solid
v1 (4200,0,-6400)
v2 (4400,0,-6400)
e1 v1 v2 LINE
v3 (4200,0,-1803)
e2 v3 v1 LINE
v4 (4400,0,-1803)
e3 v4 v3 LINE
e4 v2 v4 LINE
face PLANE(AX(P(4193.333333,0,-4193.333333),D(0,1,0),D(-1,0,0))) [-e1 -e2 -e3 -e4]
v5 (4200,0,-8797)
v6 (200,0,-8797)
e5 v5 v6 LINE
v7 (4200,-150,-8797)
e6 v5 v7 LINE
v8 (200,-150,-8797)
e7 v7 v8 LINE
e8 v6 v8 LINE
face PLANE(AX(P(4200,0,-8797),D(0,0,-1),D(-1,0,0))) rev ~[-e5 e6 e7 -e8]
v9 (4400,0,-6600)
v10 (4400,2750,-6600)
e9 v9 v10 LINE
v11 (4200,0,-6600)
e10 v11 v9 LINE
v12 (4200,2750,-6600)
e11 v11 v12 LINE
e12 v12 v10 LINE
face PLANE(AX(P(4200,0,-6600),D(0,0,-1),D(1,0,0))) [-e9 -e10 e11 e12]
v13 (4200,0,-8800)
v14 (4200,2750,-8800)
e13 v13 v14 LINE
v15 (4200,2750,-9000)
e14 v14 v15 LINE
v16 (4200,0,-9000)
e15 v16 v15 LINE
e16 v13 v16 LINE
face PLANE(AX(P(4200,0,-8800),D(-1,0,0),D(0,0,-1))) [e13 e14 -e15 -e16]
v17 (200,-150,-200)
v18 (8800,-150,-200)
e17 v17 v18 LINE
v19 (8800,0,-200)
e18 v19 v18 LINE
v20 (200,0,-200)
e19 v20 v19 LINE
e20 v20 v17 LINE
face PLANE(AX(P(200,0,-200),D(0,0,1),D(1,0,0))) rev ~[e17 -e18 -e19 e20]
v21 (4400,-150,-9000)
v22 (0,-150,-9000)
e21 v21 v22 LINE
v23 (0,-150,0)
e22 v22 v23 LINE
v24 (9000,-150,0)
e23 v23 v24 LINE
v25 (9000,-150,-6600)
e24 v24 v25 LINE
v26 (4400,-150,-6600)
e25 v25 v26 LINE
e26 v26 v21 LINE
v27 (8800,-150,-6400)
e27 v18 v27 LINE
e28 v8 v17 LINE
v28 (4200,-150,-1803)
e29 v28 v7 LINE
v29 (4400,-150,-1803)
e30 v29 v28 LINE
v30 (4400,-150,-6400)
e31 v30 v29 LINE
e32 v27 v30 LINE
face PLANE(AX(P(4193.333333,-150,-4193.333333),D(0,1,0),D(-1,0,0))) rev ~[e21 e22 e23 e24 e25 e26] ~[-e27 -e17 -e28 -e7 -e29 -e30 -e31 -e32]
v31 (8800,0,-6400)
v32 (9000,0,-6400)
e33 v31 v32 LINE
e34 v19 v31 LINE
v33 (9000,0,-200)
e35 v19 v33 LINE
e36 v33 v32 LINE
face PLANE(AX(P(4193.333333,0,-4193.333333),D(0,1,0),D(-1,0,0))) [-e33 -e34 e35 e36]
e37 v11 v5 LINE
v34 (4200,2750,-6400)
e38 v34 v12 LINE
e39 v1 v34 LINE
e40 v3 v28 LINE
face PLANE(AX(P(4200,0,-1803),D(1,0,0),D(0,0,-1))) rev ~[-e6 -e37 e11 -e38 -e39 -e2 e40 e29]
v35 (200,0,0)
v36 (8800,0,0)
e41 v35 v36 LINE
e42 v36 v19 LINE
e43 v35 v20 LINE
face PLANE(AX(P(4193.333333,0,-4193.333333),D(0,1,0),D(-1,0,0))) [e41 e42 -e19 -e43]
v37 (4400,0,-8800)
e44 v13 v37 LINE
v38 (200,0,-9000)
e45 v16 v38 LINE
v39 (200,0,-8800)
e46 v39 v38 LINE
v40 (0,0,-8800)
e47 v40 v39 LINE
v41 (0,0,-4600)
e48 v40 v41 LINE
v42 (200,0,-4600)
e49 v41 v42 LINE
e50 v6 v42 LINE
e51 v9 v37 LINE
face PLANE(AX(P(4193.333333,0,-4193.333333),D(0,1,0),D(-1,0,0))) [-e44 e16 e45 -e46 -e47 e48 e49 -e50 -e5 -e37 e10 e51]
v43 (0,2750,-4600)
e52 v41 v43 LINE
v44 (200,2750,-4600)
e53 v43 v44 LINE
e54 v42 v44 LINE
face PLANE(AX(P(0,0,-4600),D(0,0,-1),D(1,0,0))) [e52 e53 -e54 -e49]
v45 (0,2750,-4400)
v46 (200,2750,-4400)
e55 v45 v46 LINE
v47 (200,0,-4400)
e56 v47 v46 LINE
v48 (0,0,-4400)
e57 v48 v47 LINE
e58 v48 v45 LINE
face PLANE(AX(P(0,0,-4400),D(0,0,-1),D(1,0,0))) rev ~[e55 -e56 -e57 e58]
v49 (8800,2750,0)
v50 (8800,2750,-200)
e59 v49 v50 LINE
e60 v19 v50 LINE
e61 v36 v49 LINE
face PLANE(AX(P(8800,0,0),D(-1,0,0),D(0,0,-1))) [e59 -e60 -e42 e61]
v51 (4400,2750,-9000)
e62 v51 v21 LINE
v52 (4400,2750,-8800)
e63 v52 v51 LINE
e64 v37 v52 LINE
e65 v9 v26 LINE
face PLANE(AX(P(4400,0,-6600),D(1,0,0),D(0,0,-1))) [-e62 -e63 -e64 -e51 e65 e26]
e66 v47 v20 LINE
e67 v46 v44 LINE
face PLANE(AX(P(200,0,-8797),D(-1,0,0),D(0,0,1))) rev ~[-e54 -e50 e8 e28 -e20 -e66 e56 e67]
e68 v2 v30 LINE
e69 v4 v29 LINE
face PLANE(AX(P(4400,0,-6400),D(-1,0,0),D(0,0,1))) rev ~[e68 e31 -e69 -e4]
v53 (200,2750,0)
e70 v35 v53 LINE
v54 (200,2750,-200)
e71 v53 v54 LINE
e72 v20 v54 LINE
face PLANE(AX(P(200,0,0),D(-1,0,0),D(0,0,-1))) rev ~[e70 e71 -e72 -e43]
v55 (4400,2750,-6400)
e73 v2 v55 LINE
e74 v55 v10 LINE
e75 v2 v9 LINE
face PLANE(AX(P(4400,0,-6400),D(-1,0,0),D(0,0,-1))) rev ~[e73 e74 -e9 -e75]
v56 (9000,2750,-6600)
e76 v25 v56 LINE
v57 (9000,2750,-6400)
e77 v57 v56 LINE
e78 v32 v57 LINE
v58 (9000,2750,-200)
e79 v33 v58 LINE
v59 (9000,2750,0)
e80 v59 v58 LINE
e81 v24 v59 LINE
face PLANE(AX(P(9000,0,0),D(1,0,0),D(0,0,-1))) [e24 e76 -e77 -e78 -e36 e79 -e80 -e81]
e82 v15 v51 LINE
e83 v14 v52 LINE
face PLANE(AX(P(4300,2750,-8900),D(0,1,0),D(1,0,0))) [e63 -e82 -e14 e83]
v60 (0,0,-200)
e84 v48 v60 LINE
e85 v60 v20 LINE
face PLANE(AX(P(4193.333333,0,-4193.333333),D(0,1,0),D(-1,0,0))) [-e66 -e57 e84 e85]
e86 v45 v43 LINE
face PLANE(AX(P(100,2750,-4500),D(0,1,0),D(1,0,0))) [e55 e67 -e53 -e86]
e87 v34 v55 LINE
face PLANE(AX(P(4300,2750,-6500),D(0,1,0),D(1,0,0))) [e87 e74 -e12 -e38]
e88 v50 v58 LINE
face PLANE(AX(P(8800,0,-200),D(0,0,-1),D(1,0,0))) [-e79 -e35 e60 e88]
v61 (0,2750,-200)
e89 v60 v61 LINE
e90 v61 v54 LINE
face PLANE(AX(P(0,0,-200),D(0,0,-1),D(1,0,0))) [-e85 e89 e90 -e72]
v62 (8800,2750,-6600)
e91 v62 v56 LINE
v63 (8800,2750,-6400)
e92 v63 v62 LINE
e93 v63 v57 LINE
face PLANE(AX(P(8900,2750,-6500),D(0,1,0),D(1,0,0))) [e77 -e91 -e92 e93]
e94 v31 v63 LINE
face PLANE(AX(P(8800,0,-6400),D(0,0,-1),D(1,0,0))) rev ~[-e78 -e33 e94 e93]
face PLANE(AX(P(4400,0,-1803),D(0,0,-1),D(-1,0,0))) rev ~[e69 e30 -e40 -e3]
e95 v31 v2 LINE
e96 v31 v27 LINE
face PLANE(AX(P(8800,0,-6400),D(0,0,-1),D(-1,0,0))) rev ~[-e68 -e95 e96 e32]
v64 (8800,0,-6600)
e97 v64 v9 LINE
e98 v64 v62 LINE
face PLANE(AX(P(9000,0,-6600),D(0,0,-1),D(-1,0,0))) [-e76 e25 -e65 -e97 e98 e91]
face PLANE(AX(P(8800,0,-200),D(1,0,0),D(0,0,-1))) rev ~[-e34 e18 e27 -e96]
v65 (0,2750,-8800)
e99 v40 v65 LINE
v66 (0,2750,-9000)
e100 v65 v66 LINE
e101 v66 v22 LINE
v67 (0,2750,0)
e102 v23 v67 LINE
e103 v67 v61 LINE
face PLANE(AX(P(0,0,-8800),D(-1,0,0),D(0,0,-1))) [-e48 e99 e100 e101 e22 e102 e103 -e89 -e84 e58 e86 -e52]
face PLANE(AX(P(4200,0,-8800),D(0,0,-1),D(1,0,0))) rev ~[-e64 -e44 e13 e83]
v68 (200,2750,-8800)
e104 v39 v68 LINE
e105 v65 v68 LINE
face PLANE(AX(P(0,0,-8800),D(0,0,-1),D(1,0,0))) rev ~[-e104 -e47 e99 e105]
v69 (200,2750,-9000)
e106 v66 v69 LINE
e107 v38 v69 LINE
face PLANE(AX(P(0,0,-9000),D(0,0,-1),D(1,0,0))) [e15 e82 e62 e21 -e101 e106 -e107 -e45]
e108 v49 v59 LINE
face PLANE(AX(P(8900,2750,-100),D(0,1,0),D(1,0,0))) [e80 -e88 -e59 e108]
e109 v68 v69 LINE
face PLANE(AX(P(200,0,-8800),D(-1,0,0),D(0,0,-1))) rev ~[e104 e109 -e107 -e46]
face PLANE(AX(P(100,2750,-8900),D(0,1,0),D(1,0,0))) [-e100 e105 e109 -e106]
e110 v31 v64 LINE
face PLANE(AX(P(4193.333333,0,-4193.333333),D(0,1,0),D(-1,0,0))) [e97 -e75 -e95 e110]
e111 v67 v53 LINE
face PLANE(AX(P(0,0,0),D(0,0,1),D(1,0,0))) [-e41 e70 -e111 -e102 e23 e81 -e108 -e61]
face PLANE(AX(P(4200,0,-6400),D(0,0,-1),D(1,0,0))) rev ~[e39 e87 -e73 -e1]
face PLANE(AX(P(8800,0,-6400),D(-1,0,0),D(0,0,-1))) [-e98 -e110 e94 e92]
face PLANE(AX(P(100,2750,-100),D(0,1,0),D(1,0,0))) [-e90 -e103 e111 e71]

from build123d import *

# Parameters (mm, degrees)
EXTRUDE_1_DEPTH = 150
SKETCH_2_W      = 200
SKETCH_2_H      = 200
EXTRUDE_2_DEPTH = 2750


with BuildPart() as part:
    # Эскиз1 → Бобышка-Вытянуть1 (new body)
    with BuildSketch(Plane.XZ):
        Polygon((0, 0), (9000, 0), (9000, -6600), (4400, -6600), (4400, -9000), (0, -9000), align=None)
        Polygon((200, -200), (8800, -200), (8800, -6400), (4400, -6400), (4400, -1803), (4200, -1803), (4200, -8797), (200, -8797), align=None, mode=Mode.SUBTRACT)
    extrude(amount=EXTRUDE_1_DEPTH)

    # Эскиз2 → Бобышка-Вытянуть2 (add)
    with BuildSketch(Plane(origin=(0, 0, 0), x_dir=(1, 0, 0), z_dir=(0, 1, 0))):
        with Locations((100, 8900)):
            Rectangle(SKETCH_2_W, SKETCH_2_H)
        with Locations((4300, 8900)):
            Rectangle(SKETCH_2_W, SKETCH_2_H)
        with Locations((4300, 6500)):
            Rectangle(SKETCH_2_W, SKETCH_2_H)
        with Locations((8900, 6500)):
            Rectangle(SKETCH_2_W, SKETCH_2_H)
        with Locations((8900, 100)):
            Rectangle(SKETCH_2_W, SKETCH_2_H)
        with Locations((100, 100)):
            Rectangle(SKETCH_2_W, SKETCH_2_H)
        with Locations((100, 4500)):
            Rectangle(SKETCH_2_W, SKETCH_2_H)
    extrude(amount=EXTRUDE_2_DEPTH)


solid = part.part
